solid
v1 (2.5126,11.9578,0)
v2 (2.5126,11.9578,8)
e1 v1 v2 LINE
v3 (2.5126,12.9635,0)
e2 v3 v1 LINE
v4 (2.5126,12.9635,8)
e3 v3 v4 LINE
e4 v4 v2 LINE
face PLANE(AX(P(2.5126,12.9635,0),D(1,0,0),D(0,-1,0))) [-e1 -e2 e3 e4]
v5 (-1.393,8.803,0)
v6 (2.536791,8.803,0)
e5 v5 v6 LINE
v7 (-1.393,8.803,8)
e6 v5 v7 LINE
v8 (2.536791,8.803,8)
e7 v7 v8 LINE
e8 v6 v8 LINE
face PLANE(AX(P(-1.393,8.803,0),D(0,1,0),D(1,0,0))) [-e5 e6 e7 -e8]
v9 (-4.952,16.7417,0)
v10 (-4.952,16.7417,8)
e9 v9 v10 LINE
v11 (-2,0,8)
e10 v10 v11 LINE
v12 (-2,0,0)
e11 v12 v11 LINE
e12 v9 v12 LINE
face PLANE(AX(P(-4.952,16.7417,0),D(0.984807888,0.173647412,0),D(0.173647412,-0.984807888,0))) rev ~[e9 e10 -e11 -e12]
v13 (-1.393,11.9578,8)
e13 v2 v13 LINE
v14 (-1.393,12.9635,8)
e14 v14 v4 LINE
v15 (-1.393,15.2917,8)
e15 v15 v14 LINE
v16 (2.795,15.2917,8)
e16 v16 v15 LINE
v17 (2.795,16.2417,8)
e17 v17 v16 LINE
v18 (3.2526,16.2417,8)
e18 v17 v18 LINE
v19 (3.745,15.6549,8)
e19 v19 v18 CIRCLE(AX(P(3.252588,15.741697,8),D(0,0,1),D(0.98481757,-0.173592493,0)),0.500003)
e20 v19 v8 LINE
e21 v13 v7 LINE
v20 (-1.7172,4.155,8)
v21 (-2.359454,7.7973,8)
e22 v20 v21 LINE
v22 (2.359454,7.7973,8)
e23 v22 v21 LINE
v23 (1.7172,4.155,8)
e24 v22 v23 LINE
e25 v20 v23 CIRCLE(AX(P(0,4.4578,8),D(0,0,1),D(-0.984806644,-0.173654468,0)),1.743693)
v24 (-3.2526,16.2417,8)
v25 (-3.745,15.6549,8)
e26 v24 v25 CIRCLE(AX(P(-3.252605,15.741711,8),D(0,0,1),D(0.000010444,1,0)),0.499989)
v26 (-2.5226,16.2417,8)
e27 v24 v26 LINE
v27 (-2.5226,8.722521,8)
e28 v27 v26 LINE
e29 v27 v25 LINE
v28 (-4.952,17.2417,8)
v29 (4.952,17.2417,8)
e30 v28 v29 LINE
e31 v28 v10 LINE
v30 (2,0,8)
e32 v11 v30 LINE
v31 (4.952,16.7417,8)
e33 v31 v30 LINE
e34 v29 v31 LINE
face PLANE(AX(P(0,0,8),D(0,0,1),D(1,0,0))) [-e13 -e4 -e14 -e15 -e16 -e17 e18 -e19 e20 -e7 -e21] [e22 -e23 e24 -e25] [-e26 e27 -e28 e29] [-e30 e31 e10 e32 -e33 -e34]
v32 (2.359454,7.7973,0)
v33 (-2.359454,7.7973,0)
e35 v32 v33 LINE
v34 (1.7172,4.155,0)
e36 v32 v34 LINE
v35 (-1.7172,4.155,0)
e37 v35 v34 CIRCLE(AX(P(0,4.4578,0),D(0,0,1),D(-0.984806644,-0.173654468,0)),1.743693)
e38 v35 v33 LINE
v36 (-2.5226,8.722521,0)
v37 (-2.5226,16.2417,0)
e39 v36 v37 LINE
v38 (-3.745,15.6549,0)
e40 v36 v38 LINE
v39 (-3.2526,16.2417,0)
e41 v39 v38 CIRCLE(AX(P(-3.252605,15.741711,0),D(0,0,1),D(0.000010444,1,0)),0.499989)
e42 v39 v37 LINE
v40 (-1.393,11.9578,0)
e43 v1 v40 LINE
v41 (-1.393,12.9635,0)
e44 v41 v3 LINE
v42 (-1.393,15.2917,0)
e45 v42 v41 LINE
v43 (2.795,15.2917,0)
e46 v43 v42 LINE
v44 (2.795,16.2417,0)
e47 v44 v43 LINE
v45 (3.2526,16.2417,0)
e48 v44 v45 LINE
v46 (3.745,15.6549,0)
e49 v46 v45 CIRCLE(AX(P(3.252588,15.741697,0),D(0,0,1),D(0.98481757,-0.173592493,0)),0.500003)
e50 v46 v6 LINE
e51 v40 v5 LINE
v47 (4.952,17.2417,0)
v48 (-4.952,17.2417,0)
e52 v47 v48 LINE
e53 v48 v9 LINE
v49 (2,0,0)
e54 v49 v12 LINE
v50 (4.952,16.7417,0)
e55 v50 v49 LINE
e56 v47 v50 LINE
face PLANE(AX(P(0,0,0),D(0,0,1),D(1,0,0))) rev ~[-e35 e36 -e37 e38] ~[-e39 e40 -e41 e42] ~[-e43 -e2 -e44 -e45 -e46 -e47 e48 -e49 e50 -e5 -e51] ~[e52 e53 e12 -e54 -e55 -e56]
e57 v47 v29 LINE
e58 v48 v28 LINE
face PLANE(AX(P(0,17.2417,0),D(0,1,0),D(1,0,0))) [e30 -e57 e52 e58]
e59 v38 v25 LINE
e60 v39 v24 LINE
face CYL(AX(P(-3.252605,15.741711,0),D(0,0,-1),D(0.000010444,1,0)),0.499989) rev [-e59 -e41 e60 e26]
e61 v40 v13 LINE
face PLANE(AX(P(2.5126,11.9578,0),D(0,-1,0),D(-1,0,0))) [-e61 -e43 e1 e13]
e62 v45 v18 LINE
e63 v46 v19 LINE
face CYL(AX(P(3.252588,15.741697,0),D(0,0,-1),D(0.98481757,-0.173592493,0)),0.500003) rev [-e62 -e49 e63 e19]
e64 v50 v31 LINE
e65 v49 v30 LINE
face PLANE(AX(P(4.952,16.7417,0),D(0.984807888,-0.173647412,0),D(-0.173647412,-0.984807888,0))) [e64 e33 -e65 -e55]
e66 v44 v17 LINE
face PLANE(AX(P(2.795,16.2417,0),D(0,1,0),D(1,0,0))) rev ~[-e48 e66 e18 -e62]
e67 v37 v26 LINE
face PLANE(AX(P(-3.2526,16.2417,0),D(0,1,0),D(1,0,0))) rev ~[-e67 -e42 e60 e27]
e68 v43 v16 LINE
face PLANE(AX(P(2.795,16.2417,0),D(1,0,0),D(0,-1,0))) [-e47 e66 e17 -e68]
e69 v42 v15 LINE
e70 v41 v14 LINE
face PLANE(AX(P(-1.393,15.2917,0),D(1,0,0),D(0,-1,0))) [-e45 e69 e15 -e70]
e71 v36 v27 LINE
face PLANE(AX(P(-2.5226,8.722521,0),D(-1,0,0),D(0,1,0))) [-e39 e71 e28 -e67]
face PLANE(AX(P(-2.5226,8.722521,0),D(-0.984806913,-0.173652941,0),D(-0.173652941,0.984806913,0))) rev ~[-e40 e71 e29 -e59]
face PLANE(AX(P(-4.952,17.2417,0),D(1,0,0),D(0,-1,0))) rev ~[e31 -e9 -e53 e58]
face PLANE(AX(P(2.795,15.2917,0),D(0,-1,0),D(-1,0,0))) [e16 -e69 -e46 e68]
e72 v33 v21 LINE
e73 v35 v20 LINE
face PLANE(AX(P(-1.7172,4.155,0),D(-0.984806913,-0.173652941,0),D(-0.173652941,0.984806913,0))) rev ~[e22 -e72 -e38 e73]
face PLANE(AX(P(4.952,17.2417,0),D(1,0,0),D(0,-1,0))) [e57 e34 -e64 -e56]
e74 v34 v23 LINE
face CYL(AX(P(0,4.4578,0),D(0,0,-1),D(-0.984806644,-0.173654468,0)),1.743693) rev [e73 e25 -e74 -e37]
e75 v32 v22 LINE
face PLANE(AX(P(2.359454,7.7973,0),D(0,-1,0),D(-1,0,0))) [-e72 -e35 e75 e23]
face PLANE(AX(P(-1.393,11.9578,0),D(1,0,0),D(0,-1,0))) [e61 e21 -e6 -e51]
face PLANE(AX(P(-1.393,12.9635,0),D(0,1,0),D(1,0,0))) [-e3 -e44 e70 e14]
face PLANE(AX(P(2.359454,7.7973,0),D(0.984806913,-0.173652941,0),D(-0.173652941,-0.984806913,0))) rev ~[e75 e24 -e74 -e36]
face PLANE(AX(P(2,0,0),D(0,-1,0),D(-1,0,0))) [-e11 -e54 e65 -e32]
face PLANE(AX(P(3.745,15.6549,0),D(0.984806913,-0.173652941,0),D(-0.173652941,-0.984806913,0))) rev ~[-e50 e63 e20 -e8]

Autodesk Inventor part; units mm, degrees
ref_plane "YZ Plane" through (0, 0, 0) normal (1, 0, 0) x (0, 1, 0)
ref_plane "XZ Plane" through (0, 0, 0) normal (0, 1, 0) x (-1, 0, 0)
ref_plane "XY Plane" through (0, 0, 0) normal (0, 0, 1) x (1, 0, 0)
sketch "Sketch1" plane through (0, 0, 0) normal (0, 0, 1) x (1, 0, 0)
  line L0 (0, 0) -> (0, 17.2417) construction
  line L1 (0, 17.2417) -> (-4.952, 17.2417)
  line L2 (-4.952, 17.2417) -> (-4.952, 16.7417)
  line L3 (-4.952, 16.7417) -> (-2, 0)
  line L4 (-2, 0) -> (0, 0)
  line L5 (0, 17.2417) -> (4.952, 17.2417)
  line L6 (4.952, 17.2417) -> (4.952, 16.7417)
  line L7 (4.952, 16.7417) -> (2, 0)
  line L8 (2, 0) -> (0, 0)
  line L9 (-3.2526, 16.2417) -> (0.4283, 16.2417)
  line L10 (0.4283, 16.2417) -> (3.2526, 16.2417)
  line L11 (3.745, 15.6549) -> (1.7172, 4.155)
  line L12 (-1.7172, 4.155) -> (-3.745, 15.6549)
  arc A0 (-3.2526, 16.2417) -> (-3.745, 15.6549) centre (-3.2526, 15.7417) ccw
  arc A1 (3.745, 15.6549) -> (3.2526, 16.2417) centre (3.2526, 15.7417) ccw
  arc A2 (-1.7172, 4.155) -> (1.7172, 4.155) centre (0, 4.4578) ccw
  line L13 (-3.3837, 16.2973) -> (4.7039, 16.2973) construction
  line L14 (4.7039, 16.2973) -> (4.7039, 6.2973) construction
  line L15 (4.7039, 6.2973) -> (-3.3837, 6.2973) construction
  line L16 (-3.3837, 6.2973) -> (-3.3837, 16.2973) construction
  line L17 (-2.5226, 7.7973) -> (-2.5226, 16.2973)
  line L18 (-2.5226, 16.2973) -> (2.795, 16.2973)
  line L19 (2.795, 16.2973) -> (2.795, 15.2917)
  line L20 (2.795, 15.2917) -> (-1.393, 15.2917)
  line L21 (-1.393, 15.2917) -> (-1.393, 12.9635)
  line L22 (-1.393, 12.9635) -> (2.5126, 12.9635)
  line L23 (2.5126, 12.9635) -> (2.5126, 11.9578)
  line L24 (2.5126, 11.9578) -> (-1.393, 11.9578)
  line L25 (-1.393, 11.9578) -> (-1.393, 8.803)
  line L26 (-1.393, 8.803) -> (2.795, 8.803)
  line L27 (2.795, 8.803) -> (2.795, 7.7973)
  line L28 (2.795, 7.7973) -> (-2.5226, 7.7973)
  point P0 (-3.8484, 16.2417)
  point P1 (3.8484, 16.2417)
  point P2 (0, -5.5838)
  dimension "d0" = 2
  dimension "d1" = 10
  dimension "d2" = 0.5
  dimension "d3" = 17
  dimension "d4" = 1
  dimension "d7" = 0.5
extrude "Extrusion1" add sketch "Sketch1" along normal blind 8 contours L5 L6 L7 L8 L4 L3 L2 L1 | L17 L18 L19 L10 L9 | L9 L10 L19 L20 L21 L22 L23 L24 L25 L26 L11 L28 L12 L17 | L12 L28 L17 | L11 L26 L27 L28
properties part number "MainBracketE"
